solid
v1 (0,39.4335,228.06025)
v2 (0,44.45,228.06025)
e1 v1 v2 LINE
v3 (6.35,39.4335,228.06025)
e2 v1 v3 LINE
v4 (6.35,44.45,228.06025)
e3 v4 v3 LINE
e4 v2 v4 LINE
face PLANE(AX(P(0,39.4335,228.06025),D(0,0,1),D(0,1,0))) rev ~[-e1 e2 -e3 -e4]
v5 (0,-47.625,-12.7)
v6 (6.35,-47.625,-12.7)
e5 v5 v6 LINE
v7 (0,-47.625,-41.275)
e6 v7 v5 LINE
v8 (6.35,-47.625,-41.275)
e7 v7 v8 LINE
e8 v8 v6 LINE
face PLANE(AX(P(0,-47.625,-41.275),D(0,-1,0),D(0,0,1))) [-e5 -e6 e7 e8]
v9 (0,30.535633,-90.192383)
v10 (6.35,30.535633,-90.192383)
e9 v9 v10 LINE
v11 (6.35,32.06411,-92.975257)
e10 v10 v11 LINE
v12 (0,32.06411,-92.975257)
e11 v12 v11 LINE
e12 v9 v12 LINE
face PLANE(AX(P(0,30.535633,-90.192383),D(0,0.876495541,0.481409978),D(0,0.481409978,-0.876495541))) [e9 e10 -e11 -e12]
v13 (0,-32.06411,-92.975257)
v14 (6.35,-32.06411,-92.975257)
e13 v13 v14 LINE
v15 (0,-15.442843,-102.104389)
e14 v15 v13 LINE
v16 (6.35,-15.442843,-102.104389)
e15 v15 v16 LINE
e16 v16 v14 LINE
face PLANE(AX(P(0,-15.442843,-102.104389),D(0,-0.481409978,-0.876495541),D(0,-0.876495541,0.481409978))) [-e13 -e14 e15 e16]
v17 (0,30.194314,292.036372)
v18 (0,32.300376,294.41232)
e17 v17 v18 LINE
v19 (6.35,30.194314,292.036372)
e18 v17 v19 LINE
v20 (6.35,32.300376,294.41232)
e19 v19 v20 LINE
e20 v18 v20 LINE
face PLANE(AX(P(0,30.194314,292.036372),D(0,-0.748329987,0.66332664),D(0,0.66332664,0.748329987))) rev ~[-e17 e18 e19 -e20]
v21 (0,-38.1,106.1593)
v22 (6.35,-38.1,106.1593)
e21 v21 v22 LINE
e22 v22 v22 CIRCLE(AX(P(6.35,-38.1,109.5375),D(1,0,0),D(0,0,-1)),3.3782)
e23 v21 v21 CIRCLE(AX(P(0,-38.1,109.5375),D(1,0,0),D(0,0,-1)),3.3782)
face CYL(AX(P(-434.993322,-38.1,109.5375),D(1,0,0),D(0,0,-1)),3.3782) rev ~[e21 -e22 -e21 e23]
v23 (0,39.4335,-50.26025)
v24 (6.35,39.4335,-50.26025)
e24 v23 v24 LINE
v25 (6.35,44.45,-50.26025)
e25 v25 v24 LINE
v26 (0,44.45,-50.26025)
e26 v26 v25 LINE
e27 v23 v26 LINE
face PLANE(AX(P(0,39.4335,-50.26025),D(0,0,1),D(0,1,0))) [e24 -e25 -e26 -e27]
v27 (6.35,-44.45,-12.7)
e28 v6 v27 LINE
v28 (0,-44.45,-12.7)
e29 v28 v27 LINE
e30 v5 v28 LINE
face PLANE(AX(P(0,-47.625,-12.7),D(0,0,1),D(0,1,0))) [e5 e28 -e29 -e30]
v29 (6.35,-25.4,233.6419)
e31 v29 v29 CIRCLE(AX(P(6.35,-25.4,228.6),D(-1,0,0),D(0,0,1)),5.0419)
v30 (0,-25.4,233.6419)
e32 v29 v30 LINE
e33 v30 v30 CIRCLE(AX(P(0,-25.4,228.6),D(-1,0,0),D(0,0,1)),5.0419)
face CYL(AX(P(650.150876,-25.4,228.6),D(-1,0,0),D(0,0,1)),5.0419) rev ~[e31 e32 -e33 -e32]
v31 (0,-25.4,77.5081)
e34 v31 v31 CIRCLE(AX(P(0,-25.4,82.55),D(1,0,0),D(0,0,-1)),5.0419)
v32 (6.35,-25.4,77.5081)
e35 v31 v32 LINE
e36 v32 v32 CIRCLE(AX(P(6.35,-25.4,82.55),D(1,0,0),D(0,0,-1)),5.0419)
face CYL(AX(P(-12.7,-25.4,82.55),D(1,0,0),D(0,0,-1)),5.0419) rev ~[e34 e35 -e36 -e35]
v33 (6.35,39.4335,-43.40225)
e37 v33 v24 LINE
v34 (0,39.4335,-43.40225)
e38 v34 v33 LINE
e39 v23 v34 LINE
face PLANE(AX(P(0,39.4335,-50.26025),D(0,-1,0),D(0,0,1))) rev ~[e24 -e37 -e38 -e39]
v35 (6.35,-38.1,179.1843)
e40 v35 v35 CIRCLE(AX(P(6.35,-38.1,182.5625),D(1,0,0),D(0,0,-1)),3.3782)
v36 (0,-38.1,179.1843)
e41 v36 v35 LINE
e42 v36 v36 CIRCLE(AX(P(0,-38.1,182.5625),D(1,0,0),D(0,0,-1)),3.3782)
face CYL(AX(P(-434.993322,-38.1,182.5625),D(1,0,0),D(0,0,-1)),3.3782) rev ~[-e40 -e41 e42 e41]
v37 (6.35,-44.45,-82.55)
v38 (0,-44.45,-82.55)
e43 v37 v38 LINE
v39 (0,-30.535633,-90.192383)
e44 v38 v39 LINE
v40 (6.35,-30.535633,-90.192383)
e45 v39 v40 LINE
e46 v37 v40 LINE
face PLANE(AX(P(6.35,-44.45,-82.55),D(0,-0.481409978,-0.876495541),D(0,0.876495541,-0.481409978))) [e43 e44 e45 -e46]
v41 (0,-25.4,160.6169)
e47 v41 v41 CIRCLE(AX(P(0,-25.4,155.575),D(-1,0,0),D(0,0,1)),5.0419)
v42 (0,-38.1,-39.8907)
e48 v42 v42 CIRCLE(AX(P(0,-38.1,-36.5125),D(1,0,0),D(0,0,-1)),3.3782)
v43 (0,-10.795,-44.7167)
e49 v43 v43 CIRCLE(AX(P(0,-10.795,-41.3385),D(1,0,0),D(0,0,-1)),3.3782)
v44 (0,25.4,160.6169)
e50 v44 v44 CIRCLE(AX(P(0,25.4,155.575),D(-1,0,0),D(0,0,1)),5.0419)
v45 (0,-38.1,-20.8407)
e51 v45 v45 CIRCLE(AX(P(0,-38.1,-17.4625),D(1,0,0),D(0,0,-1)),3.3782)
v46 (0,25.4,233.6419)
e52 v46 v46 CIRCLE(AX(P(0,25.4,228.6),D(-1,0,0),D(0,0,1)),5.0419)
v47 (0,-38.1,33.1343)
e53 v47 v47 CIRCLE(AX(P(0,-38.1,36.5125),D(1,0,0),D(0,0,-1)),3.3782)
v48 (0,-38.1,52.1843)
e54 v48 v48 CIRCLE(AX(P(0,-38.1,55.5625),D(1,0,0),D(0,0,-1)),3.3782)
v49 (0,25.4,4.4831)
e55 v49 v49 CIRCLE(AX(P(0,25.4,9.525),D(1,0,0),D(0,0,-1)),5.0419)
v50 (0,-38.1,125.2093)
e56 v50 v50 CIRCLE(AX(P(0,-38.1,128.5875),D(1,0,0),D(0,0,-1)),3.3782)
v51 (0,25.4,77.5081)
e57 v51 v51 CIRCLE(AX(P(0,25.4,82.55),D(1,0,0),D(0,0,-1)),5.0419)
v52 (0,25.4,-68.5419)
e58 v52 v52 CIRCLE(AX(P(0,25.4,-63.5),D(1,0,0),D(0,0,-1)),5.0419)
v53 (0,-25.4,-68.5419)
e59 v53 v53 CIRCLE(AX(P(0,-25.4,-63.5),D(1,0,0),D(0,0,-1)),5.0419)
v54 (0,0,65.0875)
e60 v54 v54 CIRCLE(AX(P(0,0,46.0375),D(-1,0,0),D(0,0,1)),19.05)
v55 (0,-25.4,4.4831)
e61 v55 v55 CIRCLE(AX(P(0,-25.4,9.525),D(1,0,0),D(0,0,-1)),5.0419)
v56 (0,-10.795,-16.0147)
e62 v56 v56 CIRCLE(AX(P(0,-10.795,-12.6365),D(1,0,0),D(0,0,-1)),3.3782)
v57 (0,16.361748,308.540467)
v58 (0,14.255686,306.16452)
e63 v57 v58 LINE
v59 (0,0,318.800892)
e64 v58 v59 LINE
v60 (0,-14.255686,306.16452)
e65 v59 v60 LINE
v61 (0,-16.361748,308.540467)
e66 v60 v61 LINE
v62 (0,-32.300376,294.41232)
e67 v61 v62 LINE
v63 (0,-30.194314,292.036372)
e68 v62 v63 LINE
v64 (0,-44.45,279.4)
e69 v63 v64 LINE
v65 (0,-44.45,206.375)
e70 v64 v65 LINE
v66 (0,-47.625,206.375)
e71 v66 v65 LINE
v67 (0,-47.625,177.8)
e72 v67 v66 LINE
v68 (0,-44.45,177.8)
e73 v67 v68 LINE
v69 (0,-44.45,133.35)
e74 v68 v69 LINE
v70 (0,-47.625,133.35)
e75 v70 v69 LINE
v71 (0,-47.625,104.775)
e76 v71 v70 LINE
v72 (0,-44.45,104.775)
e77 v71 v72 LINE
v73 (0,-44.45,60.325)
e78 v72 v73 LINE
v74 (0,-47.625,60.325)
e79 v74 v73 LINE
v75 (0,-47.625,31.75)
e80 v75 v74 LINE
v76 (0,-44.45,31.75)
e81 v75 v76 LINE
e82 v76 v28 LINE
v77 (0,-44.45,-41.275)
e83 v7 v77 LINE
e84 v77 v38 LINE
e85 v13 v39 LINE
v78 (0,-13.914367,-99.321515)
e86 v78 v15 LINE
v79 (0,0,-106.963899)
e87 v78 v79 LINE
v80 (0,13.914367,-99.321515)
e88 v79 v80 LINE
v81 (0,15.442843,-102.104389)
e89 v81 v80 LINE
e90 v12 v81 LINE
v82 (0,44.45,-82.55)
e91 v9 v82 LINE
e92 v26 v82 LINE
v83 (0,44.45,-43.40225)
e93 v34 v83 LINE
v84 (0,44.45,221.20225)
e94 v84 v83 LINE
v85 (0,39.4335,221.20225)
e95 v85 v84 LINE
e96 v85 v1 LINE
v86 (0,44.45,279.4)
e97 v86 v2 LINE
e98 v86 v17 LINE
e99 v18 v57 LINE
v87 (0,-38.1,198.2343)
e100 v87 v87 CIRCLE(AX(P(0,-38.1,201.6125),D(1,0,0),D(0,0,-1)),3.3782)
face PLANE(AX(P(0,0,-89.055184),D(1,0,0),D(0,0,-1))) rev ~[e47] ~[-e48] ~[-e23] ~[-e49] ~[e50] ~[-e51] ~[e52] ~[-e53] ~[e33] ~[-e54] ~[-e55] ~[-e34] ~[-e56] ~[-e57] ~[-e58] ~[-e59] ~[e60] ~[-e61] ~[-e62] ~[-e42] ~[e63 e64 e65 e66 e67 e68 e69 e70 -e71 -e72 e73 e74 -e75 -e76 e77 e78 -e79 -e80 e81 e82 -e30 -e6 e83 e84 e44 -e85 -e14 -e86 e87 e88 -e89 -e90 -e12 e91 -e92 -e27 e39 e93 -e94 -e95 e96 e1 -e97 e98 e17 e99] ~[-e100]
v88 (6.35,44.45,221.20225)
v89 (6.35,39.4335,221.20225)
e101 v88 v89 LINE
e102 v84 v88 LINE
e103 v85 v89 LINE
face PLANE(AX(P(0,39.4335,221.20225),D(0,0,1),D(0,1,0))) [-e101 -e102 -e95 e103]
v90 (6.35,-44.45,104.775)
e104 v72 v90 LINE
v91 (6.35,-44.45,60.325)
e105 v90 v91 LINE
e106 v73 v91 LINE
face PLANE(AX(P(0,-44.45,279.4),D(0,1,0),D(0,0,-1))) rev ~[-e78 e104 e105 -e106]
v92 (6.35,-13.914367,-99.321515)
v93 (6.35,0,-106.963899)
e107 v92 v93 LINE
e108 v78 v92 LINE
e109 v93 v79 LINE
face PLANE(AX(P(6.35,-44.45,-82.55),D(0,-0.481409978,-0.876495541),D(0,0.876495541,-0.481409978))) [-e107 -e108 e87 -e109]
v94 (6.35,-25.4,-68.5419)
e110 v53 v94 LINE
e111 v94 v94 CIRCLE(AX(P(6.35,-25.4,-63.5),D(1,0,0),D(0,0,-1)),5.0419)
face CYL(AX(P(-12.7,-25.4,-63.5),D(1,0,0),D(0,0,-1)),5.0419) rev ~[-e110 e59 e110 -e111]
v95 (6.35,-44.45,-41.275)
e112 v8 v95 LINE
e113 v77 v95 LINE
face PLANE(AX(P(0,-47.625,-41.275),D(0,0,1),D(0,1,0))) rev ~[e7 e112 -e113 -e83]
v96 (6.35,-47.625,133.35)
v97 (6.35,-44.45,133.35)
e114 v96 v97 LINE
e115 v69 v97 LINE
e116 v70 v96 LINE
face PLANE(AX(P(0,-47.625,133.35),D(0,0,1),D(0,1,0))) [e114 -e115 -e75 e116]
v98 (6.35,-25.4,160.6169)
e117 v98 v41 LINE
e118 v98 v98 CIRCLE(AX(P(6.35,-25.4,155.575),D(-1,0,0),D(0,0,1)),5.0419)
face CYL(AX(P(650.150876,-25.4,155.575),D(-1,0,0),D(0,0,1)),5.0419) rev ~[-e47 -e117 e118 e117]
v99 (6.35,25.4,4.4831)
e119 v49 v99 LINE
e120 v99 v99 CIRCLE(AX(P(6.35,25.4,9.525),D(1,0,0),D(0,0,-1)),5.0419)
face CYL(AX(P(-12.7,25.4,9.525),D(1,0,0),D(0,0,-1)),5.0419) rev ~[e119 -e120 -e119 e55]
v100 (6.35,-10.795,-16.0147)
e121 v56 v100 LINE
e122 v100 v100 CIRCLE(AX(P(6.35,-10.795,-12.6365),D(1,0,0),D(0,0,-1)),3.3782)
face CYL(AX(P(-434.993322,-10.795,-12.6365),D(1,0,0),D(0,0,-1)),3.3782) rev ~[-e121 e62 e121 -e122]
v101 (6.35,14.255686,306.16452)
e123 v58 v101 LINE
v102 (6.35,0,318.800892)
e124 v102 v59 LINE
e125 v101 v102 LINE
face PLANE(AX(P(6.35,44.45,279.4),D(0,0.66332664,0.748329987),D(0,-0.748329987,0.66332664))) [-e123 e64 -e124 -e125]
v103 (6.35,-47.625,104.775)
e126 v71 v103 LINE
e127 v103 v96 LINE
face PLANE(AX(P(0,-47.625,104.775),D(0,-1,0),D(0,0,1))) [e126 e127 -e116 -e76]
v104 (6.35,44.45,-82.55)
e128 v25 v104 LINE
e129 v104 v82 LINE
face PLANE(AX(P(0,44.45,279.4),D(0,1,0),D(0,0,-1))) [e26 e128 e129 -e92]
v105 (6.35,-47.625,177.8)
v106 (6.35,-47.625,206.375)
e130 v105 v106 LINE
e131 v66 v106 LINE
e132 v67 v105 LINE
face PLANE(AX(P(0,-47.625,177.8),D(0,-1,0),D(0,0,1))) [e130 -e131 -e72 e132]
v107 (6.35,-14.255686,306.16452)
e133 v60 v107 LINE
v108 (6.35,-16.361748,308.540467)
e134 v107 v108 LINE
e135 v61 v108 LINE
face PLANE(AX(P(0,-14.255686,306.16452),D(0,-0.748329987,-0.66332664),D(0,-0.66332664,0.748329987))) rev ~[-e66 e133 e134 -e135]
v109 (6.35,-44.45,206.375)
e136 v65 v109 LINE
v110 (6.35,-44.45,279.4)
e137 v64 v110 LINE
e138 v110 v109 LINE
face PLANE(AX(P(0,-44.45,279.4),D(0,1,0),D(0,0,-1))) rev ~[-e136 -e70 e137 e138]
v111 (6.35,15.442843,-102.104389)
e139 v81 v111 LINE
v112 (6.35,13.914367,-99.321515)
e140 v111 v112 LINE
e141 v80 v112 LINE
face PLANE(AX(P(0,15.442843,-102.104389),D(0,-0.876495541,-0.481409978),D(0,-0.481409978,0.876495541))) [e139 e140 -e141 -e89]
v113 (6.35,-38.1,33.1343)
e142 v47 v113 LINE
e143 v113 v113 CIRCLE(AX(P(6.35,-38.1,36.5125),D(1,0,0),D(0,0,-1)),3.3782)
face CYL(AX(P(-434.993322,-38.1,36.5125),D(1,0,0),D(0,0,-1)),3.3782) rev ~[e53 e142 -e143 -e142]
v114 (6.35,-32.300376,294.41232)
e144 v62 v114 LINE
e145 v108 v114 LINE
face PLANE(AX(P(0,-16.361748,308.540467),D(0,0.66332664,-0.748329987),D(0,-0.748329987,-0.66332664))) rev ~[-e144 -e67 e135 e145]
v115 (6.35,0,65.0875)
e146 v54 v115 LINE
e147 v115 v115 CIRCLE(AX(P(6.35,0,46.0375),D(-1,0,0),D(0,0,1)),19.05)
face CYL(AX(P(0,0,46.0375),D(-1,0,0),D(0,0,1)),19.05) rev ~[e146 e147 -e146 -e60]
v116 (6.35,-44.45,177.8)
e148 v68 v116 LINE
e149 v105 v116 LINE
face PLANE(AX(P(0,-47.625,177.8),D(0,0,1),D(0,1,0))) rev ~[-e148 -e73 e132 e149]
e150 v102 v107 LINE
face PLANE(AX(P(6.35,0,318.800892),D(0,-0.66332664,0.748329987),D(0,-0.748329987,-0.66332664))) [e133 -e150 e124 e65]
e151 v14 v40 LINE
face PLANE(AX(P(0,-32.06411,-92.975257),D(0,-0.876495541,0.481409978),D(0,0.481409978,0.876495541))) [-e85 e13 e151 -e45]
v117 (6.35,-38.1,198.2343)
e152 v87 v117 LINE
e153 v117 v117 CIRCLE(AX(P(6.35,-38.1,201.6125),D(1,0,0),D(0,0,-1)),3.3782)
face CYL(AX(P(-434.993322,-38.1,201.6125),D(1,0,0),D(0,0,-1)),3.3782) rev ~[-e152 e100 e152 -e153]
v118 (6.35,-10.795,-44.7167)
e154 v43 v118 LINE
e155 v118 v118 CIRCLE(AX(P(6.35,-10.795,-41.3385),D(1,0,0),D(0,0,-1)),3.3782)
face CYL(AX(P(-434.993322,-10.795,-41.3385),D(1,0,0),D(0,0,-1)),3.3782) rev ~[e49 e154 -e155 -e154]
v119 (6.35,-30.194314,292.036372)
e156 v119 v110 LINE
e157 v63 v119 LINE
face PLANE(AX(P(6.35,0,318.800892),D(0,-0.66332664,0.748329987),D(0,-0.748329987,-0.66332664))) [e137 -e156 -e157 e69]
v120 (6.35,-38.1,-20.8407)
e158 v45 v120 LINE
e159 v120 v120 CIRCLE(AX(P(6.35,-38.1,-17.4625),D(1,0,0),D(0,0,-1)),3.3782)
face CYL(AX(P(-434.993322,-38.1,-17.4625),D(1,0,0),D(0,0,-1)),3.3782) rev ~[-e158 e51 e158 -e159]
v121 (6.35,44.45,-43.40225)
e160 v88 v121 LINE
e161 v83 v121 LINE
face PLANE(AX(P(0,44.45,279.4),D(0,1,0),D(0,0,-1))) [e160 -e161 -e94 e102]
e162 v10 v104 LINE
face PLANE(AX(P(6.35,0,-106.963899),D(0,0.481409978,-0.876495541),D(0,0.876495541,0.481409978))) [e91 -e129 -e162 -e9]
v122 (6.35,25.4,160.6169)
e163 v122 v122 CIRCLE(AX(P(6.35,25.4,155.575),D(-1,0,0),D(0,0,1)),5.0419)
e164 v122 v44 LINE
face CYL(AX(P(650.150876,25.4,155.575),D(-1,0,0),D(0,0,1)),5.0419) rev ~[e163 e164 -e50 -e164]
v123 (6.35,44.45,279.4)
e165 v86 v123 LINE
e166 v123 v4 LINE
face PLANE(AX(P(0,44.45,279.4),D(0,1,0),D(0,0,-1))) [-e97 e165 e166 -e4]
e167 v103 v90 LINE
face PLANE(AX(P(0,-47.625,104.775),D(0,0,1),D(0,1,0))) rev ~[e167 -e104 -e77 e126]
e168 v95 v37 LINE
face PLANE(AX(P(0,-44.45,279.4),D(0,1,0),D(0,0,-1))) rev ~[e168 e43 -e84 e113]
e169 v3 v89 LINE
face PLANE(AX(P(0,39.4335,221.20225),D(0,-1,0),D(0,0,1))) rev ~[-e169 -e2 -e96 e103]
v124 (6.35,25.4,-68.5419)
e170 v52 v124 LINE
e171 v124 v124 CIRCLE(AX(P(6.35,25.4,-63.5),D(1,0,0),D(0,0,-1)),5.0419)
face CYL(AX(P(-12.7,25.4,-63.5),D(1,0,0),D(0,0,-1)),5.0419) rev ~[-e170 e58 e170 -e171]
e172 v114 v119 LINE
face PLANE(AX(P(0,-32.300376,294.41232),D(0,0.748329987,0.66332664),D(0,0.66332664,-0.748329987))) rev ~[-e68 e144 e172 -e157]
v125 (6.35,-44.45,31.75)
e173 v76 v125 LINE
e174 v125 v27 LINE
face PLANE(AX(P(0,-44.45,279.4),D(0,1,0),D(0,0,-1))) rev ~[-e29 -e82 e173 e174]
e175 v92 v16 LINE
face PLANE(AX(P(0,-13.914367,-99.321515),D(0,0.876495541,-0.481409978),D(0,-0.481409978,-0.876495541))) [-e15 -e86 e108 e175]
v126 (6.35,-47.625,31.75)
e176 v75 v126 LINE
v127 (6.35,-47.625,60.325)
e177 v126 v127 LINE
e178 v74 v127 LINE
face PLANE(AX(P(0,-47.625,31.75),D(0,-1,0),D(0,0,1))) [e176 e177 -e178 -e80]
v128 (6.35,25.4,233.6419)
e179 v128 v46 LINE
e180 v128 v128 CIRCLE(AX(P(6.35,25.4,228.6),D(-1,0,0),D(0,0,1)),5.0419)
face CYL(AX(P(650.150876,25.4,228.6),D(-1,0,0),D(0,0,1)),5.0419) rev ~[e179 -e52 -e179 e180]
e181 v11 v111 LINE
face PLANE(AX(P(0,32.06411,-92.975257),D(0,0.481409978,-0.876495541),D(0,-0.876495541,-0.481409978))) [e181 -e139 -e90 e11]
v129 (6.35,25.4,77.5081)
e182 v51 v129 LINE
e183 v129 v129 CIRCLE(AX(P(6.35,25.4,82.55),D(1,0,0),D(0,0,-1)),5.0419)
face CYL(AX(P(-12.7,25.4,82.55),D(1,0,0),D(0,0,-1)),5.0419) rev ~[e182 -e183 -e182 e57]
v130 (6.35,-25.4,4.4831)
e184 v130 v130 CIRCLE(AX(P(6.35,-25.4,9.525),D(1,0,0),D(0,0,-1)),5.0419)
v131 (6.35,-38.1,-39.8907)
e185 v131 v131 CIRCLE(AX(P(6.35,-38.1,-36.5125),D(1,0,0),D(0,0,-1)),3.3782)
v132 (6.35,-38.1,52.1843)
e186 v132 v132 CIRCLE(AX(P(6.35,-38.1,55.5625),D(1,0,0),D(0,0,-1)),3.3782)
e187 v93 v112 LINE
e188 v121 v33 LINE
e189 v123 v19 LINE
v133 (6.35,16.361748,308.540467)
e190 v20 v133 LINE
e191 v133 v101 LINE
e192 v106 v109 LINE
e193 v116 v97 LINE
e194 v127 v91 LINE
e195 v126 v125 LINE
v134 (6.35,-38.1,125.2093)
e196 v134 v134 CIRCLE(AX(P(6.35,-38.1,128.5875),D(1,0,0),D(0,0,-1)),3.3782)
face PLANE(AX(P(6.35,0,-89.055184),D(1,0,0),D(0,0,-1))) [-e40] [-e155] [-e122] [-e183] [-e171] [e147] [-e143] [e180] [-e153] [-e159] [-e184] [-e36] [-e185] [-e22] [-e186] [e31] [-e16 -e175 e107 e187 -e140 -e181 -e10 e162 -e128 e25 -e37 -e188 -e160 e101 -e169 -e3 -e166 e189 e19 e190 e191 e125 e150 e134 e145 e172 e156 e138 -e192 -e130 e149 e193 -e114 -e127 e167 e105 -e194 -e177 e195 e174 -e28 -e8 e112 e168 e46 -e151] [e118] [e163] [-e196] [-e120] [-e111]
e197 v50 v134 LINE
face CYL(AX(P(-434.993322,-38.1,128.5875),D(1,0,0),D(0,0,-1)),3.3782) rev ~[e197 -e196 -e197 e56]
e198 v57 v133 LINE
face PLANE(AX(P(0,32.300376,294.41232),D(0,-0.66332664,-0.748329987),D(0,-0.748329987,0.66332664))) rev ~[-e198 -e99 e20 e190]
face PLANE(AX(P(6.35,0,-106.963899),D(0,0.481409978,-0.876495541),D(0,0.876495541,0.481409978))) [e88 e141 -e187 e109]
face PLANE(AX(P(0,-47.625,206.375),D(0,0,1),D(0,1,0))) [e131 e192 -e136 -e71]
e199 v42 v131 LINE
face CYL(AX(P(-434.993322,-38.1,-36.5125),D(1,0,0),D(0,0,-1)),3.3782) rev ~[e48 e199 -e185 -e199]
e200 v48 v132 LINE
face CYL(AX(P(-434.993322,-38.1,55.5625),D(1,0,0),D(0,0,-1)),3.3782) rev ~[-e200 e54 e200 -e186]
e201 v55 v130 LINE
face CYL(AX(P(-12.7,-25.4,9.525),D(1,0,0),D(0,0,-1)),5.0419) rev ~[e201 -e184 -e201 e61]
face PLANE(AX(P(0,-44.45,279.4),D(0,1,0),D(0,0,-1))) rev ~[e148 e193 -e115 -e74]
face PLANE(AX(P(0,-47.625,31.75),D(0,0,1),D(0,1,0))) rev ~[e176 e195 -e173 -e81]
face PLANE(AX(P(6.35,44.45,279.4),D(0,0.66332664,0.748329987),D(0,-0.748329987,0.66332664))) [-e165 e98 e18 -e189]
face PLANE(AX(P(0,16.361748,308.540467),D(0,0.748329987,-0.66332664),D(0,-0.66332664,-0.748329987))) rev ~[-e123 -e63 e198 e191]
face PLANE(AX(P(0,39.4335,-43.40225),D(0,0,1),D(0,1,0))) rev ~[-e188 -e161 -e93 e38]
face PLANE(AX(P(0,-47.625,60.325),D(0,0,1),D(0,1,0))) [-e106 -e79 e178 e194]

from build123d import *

# Parameters (mm, degrees)
SKETCH1_W                   = 558.8
SKETCH1_H                   = 88.9
BOSS_EXTRUDE1_DEPTH         = 6.35
BOSS_EXTRUDE2_DEPTH         = 6.35
F_3_8_CLEARANCE_HOLE2_D     = 10.0838
F_3_8_CLEARANCE_HOLE3_D     = 10.0838
F_3_8_CLEARANCE_HOLE3_DEPTH = 12.7
F_3_8_CLEARANCE_HOLE3_TIP   = 3.029479155
SKETCH9_W                   = 239.47208483
SKETCH9_H                   = 88.9
CUT_EXTRUDE1_DEPTH          = 322.947408556
BOSS_EXTRUDE3_DEPTH         = 6.35
BOSS_EXTRUDE4_DEPTH         = 6.35
SKETCH12_R                  = 19.05
CUT_EXTRUDE2_DEPTH          = 322.947408556
SKETCH13_W                  = 6.858
SKETCH13_H                  = 5.2705
SKETCH13_W_2                = 6.35
SKETCH13_H_2                = 4.7625
CUT_EXTRUDE3_DEPTH          = 322.947408556
F_1_4_CLEARANCE_HOLE1_D     = 6.7564
F_1_4_CLEARANCE_HOLE2_D     = 6.7564
SKETCH18_W                  = 28.575
SKETCH18_H                  = 3.175
BOSS_EXTRUDE5_DEPTH         = 6.35


with BuildPart() as part:
    # Sketch1 → Boss-Extrude1 (new body)
    with BuildSketch(Plane(origin=(0, 0, 0), x_dir=(0, 0, -1), z_dir=(1, 0, 0))):
        Rectangle(SKETCH1_W, SKETCH1_H)
    extrude(amount=BOSS_EXTRUDE1_DEPTH)

    # Sketch2 → Boss-Extrude2 (add)
    with BuildSketch(Plane(origin=(6.35, 0, 0), x_dir=(0, 0, -1), z_dir=(1, 0, 0))):
        Polygon((-279.4, 44.45), (-318.800892213, 0), (-279.4, -44.45), align=None)
        Polygon((279.4, 44.45), (318.800892213, 0), (279.4, -44.45), align=None)
    extrude(amount=-BOSS_EXTRUDE2_DEPTH)

    # 3/8 Clearance Hole2 (through all)
    with Locations(Plane(origin=(6.35, 0, 0), x_dir=(0, 0, -1), z_dir=(1, 0, 0))):
        with Locations((-155.575, -25.4), (-155.575, 25.4), (-228.6, 25.4), (-228.6, -25.4)):
            Hole(F_3_8_CLEARANCE_HOLE2_D / 2)

    # 3/8 Clearance Hole3
    with Locations(Plane.ZY):
        with Locations((-63.5, 25.4), (-63.5, -25.4), (9.525, -25.4), (9.525, 25.4), (82.55, 25.4), (82.55, -25.4)):
            Hole(F_3_8_CLEARANCE_HOLE3_D / 2, depth=F_3_8_CLEARANCE_HOLE3_DEPTH)
            with Locations((0, 0, -(F_3_8_CLEARANCE_HOLE3_DEPTH + F_3_8_CLEARANCE_HOLE3_TIP / 2))):  # 118° drill point
                Cone(0, F_3_8_CLEARANCE_HOLE3_D / 2, F_3_8_CLEARANCE_HOLE3_TIP, mode=Mode.SUBTRACT)

    # Sketch9 → Cut-Extrude1 (cut, through all)
    with BuildSketch(Plane(origin=(6.35, 0, 0), x_dir=(0, 0, -1), z_dir=(1, 0, 0))):
        with Locations((202.286042415, 0)):
            Rectangle(SKETCH9_W, SKETCH9_H)
    extrude(amount=-CUT_EXTRUDE1_DEPTH, mode=Mode.SUBTRACT)

    # Sketch10 → Boss-Extrude3 (add)
    with BuildSketch(Plane(origin=(6.35, 0, 0), x_dir=(0, 0, -1), z_dir=(1, 0, 0))):
        Polygon((82.55, -44.45), (106.963898899, 0), (82.55, 44.45), align=None)
    extrude(amount=-BOSS_EXTRUDE3_DEPTH)

    # Sketch11 → Boss-Extrude4 (add)
    with BuildSketch(Plane.ZY):
        Polygon((-90.1923834, 30.535633289), (-92.975256742, 32.064109969), (-102.104388841, 15.442843391), (-99.321515499, 13.914366711), align=None)
        Polygon((-99.321515499, -13.914366711), (-102.104388841, -15.442843391), (-92.975256742, -32.064109969), (-90.1923834, -30.535633289), align=None)
        Polygon((292.036372489, 30.194313755), (294.412320197, 32.300375837), (308.540467431, 16.361748326), (306.164519724, 14.255686245), align=None)
        Polygon((306.164519724, -14.255686245), (308.540467431, -16.361748326), (294.412320197, -32.300375837), (292.036372489, -30.194313755), align=None)
    extrude(amount=-BOSS_EXTRUDE4_DEPTH)

    # Sketch12 → Cut-Extrude2 (cut, through all)
    with BuildSketch(Plane.ZY):
        with Locations((46.0375, 0)):
            Circle(SKETCH12_R)
    extrude(amount=-CUT_EXTRUDE2_DEPTH, mode=Mode.SUBTRACT)

    # Sketch13 → Cut-Extrude3 (cut, through all)
    with BuildSketch(Plane.ZY):
        with Locations((224.63125, 42.06875)):
            Rectangle(SKETCH13_W, SKETCH13_H)
        with Locations((224.63125, 42.06875)):
            Rectangle(SKETCH13_W_2, SKETCH13_H_2, mode=Mode.SUBTRACT)
        with Locations((-46.83125, 42.06875)):
            Rectangle(SKETCH13_W, SKETCH13_H)
        with Locations((-46.83125, 42.06875)):
            Rectangle(SKETCH13_W_2, SKETCH13_H_2, mode=Mode.SUBTRACT)
    extrude(amount=-CUT_EXTRUDE3_DEPTH, mode=Mode.SUBTRACT)


with BuildPart() as body_2:
    # of the pieces the cut leaves, the one that is kept (cut_extrude3_keep)
    add(part.part.solids().sort_by_distance((6.35, 44.45, 228.06025))[0])

    # 1/4 Clearance Hole1 (through all)
    with Locations(Plane.ZY):
        with Locations((-41.3385, -10.795), (-12.6365, -10.795)):
            Hole(F_1_4_CLEARANCE_HOLE1_D / 2)

    # 1/4 Clearance Hole2 (through all)
    with Locations(Plane.ZY):
        with Locations((-36.5125, -38.1), (-17.4625, -38.1), (36.5125, -38.1), (55.5625, -38.1), (109.5375, -38.1), (128.5875, -38.1), (182.5625, -38.1), (201.6125, -38.1)):
            Hole(F_1_4_CLEARANCE_HOLE2_D / 2)

    # Sketch18 → Boss-Extrude5 (add)
    with BuildSketch(Plane.ZY):
        with Locations((-26.9875, -46.0375)):
            Rectangle(SKETCH18_W, SKETCH18_H)
        with Locations((46.0375, -46.0375)):
            Rectangle(SKETCH18_W, SKETCH18_H)
        with Locations((119.0625, -46.0375)):
            Rectangle(SKETCH18_W, SKETCH18_H)
        with Locations((192.0875, -46.0375)):
            Rectangle(SKETCH18_W, SKETCH18_H)
    extrude(amount=-BOSS_EXTRUDE5_DEPTH)


solid = body_2.part
